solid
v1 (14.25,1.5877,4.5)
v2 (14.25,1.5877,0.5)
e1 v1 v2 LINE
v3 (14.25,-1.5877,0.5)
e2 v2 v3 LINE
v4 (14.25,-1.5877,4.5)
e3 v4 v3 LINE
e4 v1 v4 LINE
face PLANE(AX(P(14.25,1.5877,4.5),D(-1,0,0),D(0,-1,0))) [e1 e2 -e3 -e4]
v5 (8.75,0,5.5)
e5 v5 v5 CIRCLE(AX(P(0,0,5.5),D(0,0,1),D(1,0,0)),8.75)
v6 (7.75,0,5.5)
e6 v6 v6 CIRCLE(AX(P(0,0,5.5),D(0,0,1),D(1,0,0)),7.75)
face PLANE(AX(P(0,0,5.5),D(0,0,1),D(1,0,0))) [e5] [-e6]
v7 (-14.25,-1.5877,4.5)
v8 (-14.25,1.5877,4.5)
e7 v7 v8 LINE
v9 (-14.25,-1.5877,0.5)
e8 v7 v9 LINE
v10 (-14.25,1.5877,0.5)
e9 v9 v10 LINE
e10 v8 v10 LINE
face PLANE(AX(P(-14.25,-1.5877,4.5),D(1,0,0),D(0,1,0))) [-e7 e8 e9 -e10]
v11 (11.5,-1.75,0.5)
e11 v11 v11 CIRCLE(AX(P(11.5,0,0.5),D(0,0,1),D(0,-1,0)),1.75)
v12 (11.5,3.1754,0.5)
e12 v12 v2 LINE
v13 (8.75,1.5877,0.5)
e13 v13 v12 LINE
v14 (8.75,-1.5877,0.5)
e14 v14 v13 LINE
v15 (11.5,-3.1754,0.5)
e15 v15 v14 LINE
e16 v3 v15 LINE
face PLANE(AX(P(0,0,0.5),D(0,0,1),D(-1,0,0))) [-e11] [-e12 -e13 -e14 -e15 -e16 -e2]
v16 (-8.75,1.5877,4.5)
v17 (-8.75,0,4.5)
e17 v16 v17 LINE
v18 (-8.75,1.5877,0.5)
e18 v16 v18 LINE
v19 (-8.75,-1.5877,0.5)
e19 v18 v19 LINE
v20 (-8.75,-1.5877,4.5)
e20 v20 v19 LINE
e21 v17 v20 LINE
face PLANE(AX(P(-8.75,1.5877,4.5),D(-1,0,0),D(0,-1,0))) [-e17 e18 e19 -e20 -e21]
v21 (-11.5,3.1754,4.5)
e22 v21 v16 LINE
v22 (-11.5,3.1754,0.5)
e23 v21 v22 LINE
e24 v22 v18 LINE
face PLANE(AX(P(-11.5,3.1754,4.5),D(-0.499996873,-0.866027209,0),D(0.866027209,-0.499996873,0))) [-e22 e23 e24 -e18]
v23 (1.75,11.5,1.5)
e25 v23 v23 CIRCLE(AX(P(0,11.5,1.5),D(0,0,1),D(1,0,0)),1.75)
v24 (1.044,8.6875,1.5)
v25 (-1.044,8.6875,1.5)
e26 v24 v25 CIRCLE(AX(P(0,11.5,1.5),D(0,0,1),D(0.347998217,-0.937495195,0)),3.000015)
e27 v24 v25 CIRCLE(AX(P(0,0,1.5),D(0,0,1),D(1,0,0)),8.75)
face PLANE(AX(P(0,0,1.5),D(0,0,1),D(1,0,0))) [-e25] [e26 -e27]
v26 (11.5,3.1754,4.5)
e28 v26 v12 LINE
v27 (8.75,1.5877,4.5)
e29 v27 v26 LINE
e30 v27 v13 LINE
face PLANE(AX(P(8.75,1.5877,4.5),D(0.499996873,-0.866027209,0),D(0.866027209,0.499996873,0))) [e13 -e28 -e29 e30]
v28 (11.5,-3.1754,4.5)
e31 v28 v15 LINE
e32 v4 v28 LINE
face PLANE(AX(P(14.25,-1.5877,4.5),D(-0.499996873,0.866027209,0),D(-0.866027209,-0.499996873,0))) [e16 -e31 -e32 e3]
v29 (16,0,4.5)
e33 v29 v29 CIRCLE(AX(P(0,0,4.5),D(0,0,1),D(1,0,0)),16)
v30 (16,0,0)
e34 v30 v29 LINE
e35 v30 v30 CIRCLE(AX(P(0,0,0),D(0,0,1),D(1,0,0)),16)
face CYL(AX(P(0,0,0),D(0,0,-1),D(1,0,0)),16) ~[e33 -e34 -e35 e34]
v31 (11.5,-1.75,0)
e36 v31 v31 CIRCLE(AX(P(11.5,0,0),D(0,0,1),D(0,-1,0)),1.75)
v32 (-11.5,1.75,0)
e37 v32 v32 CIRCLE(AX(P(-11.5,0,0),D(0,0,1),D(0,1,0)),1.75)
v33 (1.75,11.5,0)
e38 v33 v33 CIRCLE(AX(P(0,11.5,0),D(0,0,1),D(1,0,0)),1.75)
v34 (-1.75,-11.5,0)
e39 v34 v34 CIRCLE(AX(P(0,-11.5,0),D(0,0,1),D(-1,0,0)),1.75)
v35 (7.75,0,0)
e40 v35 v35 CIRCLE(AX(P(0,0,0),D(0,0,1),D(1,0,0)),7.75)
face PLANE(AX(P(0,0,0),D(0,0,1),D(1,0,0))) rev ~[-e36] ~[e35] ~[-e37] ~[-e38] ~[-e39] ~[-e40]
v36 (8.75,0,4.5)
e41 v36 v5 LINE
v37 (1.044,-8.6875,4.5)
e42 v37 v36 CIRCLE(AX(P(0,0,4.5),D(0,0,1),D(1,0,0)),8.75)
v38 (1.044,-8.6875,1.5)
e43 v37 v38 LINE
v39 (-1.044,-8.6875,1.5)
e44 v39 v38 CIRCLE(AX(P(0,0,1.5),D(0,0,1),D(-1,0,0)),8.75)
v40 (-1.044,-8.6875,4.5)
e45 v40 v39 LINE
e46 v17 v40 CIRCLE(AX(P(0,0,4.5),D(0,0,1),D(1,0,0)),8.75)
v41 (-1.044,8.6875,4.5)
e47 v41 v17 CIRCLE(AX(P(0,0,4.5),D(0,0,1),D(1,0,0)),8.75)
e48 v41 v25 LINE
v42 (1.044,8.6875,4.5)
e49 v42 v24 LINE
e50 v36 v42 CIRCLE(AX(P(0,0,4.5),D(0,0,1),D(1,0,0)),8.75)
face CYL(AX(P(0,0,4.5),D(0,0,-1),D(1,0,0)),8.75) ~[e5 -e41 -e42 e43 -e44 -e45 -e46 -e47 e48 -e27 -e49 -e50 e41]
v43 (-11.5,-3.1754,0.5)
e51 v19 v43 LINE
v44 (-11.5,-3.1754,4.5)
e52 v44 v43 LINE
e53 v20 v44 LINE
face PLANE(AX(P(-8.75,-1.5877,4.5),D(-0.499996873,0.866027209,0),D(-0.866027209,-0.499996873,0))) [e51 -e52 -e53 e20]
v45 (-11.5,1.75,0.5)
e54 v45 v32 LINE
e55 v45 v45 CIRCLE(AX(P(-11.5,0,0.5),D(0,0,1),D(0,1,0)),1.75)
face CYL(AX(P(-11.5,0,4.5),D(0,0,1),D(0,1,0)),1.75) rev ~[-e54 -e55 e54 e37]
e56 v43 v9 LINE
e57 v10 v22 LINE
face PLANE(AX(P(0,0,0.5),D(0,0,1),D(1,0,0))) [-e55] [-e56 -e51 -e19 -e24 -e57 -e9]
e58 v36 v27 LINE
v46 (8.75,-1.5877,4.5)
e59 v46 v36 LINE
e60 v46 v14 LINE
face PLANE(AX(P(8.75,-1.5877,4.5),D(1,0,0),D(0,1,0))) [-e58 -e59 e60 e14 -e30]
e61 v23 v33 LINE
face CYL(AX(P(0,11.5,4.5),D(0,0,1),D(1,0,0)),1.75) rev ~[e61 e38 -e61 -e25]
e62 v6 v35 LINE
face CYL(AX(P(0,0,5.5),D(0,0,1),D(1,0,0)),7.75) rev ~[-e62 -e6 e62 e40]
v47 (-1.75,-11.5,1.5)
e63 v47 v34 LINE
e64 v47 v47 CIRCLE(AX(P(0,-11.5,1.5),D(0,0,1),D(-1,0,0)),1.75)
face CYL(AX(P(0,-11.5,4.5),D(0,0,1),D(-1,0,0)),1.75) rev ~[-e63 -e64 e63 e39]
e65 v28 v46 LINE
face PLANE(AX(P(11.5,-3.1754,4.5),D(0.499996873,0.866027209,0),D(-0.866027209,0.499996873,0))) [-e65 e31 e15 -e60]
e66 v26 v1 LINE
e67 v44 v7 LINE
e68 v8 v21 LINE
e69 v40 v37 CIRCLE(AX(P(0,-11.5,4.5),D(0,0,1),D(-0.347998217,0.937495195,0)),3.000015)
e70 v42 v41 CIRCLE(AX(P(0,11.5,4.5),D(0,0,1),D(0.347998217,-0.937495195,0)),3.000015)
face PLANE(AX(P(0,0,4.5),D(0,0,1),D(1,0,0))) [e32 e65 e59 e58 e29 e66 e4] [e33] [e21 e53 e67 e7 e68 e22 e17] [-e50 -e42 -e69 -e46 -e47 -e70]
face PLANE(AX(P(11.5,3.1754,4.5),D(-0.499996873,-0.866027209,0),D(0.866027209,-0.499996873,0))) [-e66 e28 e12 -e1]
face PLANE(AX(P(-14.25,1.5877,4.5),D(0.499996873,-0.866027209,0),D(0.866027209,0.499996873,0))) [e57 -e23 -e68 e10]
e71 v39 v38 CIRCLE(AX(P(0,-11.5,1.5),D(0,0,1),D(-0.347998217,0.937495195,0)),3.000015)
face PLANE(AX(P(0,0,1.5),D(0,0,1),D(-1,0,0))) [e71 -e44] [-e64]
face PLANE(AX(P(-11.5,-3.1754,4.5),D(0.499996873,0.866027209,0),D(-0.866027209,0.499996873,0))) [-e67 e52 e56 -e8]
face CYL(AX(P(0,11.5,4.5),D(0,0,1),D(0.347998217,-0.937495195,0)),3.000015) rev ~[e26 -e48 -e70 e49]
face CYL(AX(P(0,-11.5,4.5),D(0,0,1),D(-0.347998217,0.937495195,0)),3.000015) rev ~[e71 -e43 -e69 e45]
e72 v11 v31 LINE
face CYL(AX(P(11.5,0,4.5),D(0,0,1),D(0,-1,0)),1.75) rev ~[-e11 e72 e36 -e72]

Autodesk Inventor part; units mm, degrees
ref_plane "YZ Plane" through (0, 0, 0) normal (1, 0, 0) x (0, 1, 0)
ref_plane "XZ Plane" through (0, 0, 0) normal (0, 1, 0) x (-1, 0, 0)
ref_plane "XY Plane" through (0, 0, 0) normal (0, 0, 1) x (1, 0, 0)
sketch "Sketch1" plane through (0, 0, 0) normal (0, 0, 1) x (1, 0, 0)
  circle A0 centre (0, 0) radius 16
  dimension "d0" = 32
extrude "Extrusion1" add sketch "Sketch1" along normal blind 4.5
sketch "Sketch2" plane through (0, 0, 4.5) normal (0, 0, 1) x (1, 0, 0)
  circle A0 centre (0, 0) radius 16 projected
  circle A1 centre (0, 0) radius 8.75
  dimension "d5" = 17.5
extrude "Extrusion2" add sketch "Sketch2" along normal blind 1 contours A1
sketch "Sketch3" plane through (0, 0, 5.5) normal (0, 0, 1) x (1, 0, 0)
  circle A0 centre (0, 0) radius 8.75 projected
  circle A1 centre (0, 0) radius 7.75
  dimension "d10" = 15.5
extrude "Extrusion3" cut sketch "Sketch3" against normal through all contours A1
sketch "Sketch4" plane through (0, 0, 4.5) normal (0, 0, 1) x (1, 0, 0)
  circle A0 centre (0, 0) radius 8.75 projected
  circle A1 centre (0, 11.5) radius 1.75
  dimension "d15" = 11.5
  dimension "d16" = 3.5
extrude "Extrusion4" cut sketch "Sketch4" against normal through all contours A1
pattern_circular "Circular Pattern1" count 4 over 360 about axis through (0, 0, 0) along (0, 0, 1) of "Extrusion4"
sketch "Sketch5" plane through (0, 0, 4.5) normal (0, 0, 1) x (1, 0, 0)
  circle A0 centre (0, 11.5) radius 1.75 projected
  circle A1 centre (0, 0) radius 8.75 projected
  arc A2 (1.044, 8.6875) -> (-1.044, 8.6875) centre (0, 11.5) ccw
  dimension "d22" = 6
extrude "Extrusion5" cut sketch "Sketch5" against normal blind 3 contours A1 A2
sketch "Sketch6" plane through (0, 0, 4.5) normal (0, 0, 1) x (1, 0, 0)
  circle A0 centre (-11.5, 0) radius 1.75 projected
  line L0 (-11.5, 3.1754) -> (-8.75, 1.5877)
  line L1 (-8.75, 1.5877) -> (-8.75, -1.5877)
  line L2 (-8.75, -1.5877) -> (-11.5, -3.1754)
  line L3 (-11.5, -3.1754) -> (-14.25, -1.5877)
  line L4 (-14.25, -1.5877) -> (-14.25, 1.5877)
  line L5 (-14.25, 1.5877) -> (-11.5, 3.1754)
  dimension "d28" = 5.5
extrude "Extrusion6" cut sketch "Sketch6" against normal blind 4
pattern_circular "Circular Pattern2" count 2 over 360 about axis through (0, 0, 0) along (0, 0, 1) of "Extrusion6", "Extrusion5"
properties part number "bearing seat 1"
